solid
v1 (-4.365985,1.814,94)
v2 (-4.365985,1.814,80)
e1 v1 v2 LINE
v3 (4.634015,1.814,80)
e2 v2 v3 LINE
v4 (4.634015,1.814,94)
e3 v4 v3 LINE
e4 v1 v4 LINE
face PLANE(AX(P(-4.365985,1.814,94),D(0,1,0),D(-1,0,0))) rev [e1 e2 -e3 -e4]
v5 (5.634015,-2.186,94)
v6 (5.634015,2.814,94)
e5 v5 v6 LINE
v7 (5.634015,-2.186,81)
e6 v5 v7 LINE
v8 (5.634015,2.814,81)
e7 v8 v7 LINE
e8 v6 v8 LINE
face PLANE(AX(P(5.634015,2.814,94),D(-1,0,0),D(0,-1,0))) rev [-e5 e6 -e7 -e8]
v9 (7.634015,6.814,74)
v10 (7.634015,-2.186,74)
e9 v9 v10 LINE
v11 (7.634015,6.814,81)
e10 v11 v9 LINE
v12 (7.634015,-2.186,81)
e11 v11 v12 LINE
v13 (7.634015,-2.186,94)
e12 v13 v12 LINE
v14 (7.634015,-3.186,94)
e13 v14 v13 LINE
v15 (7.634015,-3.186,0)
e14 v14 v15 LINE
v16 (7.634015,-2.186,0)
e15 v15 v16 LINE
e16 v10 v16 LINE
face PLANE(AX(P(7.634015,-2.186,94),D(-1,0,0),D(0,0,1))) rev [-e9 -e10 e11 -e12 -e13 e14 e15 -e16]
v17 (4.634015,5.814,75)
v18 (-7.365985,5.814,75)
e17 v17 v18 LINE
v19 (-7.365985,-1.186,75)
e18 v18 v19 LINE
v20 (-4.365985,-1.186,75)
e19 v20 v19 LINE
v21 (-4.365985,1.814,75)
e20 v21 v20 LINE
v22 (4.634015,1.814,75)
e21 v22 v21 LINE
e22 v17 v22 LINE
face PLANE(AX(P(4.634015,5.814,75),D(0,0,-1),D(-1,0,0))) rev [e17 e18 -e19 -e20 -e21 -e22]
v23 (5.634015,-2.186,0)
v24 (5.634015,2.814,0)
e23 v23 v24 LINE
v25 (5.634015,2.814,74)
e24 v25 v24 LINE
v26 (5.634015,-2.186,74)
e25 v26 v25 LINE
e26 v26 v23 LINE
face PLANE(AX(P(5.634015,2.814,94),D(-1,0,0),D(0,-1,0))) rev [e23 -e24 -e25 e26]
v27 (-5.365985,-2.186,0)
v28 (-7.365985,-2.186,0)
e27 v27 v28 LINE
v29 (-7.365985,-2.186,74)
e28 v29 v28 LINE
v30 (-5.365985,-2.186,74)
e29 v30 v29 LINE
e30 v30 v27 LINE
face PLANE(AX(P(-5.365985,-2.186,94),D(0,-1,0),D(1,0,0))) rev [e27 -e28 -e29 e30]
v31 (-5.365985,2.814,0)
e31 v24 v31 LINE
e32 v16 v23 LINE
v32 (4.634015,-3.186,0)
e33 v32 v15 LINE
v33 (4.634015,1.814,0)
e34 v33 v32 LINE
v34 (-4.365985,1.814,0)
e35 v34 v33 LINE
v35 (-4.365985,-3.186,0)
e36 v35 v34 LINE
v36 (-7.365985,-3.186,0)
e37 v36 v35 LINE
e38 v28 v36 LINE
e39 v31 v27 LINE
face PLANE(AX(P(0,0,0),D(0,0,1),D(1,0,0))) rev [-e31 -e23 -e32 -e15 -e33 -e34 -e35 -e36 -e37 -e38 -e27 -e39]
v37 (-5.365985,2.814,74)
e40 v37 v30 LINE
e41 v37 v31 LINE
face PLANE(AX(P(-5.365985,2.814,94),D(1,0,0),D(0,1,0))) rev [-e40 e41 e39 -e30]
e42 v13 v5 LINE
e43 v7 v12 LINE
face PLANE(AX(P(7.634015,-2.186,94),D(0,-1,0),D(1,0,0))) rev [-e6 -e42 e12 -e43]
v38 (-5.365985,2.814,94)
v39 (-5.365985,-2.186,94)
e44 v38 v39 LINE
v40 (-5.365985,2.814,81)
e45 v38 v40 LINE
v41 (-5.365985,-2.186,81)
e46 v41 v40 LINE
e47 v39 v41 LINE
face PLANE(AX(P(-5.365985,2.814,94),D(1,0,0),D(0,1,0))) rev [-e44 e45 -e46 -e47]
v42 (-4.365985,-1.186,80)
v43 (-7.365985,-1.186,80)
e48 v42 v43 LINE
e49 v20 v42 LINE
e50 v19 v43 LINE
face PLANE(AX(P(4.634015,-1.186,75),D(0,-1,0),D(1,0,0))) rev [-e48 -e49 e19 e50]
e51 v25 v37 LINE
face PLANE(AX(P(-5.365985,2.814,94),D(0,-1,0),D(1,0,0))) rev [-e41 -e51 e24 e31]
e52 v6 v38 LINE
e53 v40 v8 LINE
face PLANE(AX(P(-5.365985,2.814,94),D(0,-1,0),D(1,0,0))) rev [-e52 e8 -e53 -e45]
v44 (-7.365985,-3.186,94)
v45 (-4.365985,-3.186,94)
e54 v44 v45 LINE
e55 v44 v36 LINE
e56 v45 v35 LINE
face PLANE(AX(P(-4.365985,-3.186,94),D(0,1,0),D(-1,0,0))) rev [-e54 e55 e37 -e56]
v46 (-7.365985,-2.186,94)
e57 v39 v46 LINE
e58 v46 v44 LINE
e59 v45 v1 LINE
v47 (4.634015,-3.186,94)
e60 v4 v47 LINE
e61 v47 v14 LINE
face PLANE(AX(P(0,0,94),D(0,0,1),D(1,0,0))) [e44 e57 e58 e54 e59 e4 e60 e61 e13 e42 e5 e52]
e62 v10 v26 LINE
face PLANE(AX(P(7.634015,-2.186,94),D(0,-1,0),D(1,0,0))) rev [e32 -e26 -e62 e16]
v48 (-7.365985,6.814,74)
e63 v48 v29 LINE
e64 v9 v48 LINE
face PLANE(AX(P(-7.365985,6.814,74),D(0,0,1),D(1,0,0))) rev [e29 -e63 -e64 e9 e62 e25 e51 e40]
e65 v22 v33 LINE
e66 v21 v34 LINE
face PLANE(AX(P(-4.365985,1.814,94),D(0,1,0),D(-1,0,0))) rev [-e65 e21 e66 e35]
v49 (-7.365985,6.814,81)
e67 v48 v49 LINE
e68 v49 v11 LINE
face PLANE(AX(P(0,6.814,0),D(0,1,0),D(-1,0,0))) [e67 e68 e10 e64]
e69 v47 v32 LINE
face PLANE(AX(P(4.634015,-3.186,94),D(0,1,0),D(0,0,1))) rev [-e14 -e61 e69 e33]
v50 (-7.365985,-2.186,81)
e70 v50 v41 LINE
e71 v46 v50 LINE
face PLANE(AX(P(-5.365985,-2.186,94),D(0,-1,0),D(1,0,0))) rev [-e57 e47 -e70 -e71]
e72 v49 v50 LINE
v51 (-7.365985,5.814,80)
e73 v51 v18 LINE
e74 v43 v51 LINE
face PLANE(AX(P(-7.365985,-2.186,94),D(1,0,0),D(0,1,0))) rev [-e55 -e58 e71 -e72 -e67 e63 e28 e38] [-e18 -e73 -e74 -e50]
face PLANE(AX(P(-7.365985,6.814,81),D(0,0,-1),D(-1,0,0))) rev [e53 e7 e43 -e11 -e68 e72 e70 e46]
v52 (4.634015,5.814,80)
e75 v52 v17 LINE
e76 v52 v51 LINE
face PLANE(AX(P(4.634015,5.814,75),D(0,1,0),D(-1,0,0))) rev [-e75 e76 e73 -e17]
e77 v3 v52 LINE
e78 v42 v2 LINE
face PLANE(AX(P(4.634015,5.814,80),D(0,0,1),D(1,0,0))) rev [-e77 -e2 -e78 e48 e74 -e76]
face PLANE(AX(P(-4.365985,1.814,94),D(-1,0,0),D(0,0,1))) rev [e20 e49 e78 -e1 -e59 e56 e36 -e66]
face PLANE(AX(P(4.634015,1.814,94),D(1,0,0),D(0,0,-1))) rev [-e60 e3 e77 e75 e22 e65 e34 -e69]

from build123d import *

# Parameters (mm, degrees)
BOSS_EXTRUDE1_DEPTH = 94
SKETCH2_W           = 15
SKETCH2_H           = 7
BOSS_EXTRUDE2_DEPTH = 9
SKETCH3_W           = 9
SKETCH3_H           = 7
CUT_EXTRUDE1_DEPTH  = 4
SKETCH4_W           = 5
SKETCH4_H           = 7
CUT_EXTRUDE2_DEPTH  = 12


with BuildPart() as part:
    # Sketch1 → Boss-Extrude1 (new body)
    with BuildSketch(Plane.XY):
        Polygon((-5.365984845, -2.186), (-7.365984845, -2.186), (-7.365984845, -3.186), (-4.365984845, -3.186), (-4.365984845, -2.186), (-4.365984845, 1.814), (4.634015155, 1.814), (4.634015155, -2.186), (4.634015155, -3.186), (7.634015155, -3.186), (7.634015155, -2.186), (5.634015155, -2.186), (5.634015155, 2.814), (-5.365984845, 2.814), align=None)
    extrude(amount=BOSS_EXTRUDE1_DEPTH)

    # Sketch2 → Boss-Extrude2 (add)
    with BuildSketch(Plane(origin=(0, -2.186, 0), x_dir=(1, 0, 0), z_dir=(0, 1, 0))):
        with Locations((0.134015155, -77.5)):
            Rectangle(SKETCH2_W, SKETCH2_H)
    extrude(amount=BOSS_EXTRUDE2_DEPTH)

    # Sketch3 → Cut-Extrude1 (cut)
    with BuildSketch(Plane.XZ.offset(2.186)):
        with Locations((0.134015155, 77.5)):
            Rectangle(SKETCH3_W, SKETCH3_H)
    extrude(amount=-CUT_EXTRUDE1_DEPTH, mode=Mode.SUBTRACT)

    # Sketch4 → Cut-Extrude2 (cut)
    with BuildSketch(Plane.ZY.offset(7.365984845)):
        with Locations((77.5, 2.314)):
            Rectangle(SKETCH4_W, SKETCH4_H)
    extrude(amount=-CUT_EXTRUDE2_DEPTH, mode=Mode.SUBTRACT)


solid = part.part
